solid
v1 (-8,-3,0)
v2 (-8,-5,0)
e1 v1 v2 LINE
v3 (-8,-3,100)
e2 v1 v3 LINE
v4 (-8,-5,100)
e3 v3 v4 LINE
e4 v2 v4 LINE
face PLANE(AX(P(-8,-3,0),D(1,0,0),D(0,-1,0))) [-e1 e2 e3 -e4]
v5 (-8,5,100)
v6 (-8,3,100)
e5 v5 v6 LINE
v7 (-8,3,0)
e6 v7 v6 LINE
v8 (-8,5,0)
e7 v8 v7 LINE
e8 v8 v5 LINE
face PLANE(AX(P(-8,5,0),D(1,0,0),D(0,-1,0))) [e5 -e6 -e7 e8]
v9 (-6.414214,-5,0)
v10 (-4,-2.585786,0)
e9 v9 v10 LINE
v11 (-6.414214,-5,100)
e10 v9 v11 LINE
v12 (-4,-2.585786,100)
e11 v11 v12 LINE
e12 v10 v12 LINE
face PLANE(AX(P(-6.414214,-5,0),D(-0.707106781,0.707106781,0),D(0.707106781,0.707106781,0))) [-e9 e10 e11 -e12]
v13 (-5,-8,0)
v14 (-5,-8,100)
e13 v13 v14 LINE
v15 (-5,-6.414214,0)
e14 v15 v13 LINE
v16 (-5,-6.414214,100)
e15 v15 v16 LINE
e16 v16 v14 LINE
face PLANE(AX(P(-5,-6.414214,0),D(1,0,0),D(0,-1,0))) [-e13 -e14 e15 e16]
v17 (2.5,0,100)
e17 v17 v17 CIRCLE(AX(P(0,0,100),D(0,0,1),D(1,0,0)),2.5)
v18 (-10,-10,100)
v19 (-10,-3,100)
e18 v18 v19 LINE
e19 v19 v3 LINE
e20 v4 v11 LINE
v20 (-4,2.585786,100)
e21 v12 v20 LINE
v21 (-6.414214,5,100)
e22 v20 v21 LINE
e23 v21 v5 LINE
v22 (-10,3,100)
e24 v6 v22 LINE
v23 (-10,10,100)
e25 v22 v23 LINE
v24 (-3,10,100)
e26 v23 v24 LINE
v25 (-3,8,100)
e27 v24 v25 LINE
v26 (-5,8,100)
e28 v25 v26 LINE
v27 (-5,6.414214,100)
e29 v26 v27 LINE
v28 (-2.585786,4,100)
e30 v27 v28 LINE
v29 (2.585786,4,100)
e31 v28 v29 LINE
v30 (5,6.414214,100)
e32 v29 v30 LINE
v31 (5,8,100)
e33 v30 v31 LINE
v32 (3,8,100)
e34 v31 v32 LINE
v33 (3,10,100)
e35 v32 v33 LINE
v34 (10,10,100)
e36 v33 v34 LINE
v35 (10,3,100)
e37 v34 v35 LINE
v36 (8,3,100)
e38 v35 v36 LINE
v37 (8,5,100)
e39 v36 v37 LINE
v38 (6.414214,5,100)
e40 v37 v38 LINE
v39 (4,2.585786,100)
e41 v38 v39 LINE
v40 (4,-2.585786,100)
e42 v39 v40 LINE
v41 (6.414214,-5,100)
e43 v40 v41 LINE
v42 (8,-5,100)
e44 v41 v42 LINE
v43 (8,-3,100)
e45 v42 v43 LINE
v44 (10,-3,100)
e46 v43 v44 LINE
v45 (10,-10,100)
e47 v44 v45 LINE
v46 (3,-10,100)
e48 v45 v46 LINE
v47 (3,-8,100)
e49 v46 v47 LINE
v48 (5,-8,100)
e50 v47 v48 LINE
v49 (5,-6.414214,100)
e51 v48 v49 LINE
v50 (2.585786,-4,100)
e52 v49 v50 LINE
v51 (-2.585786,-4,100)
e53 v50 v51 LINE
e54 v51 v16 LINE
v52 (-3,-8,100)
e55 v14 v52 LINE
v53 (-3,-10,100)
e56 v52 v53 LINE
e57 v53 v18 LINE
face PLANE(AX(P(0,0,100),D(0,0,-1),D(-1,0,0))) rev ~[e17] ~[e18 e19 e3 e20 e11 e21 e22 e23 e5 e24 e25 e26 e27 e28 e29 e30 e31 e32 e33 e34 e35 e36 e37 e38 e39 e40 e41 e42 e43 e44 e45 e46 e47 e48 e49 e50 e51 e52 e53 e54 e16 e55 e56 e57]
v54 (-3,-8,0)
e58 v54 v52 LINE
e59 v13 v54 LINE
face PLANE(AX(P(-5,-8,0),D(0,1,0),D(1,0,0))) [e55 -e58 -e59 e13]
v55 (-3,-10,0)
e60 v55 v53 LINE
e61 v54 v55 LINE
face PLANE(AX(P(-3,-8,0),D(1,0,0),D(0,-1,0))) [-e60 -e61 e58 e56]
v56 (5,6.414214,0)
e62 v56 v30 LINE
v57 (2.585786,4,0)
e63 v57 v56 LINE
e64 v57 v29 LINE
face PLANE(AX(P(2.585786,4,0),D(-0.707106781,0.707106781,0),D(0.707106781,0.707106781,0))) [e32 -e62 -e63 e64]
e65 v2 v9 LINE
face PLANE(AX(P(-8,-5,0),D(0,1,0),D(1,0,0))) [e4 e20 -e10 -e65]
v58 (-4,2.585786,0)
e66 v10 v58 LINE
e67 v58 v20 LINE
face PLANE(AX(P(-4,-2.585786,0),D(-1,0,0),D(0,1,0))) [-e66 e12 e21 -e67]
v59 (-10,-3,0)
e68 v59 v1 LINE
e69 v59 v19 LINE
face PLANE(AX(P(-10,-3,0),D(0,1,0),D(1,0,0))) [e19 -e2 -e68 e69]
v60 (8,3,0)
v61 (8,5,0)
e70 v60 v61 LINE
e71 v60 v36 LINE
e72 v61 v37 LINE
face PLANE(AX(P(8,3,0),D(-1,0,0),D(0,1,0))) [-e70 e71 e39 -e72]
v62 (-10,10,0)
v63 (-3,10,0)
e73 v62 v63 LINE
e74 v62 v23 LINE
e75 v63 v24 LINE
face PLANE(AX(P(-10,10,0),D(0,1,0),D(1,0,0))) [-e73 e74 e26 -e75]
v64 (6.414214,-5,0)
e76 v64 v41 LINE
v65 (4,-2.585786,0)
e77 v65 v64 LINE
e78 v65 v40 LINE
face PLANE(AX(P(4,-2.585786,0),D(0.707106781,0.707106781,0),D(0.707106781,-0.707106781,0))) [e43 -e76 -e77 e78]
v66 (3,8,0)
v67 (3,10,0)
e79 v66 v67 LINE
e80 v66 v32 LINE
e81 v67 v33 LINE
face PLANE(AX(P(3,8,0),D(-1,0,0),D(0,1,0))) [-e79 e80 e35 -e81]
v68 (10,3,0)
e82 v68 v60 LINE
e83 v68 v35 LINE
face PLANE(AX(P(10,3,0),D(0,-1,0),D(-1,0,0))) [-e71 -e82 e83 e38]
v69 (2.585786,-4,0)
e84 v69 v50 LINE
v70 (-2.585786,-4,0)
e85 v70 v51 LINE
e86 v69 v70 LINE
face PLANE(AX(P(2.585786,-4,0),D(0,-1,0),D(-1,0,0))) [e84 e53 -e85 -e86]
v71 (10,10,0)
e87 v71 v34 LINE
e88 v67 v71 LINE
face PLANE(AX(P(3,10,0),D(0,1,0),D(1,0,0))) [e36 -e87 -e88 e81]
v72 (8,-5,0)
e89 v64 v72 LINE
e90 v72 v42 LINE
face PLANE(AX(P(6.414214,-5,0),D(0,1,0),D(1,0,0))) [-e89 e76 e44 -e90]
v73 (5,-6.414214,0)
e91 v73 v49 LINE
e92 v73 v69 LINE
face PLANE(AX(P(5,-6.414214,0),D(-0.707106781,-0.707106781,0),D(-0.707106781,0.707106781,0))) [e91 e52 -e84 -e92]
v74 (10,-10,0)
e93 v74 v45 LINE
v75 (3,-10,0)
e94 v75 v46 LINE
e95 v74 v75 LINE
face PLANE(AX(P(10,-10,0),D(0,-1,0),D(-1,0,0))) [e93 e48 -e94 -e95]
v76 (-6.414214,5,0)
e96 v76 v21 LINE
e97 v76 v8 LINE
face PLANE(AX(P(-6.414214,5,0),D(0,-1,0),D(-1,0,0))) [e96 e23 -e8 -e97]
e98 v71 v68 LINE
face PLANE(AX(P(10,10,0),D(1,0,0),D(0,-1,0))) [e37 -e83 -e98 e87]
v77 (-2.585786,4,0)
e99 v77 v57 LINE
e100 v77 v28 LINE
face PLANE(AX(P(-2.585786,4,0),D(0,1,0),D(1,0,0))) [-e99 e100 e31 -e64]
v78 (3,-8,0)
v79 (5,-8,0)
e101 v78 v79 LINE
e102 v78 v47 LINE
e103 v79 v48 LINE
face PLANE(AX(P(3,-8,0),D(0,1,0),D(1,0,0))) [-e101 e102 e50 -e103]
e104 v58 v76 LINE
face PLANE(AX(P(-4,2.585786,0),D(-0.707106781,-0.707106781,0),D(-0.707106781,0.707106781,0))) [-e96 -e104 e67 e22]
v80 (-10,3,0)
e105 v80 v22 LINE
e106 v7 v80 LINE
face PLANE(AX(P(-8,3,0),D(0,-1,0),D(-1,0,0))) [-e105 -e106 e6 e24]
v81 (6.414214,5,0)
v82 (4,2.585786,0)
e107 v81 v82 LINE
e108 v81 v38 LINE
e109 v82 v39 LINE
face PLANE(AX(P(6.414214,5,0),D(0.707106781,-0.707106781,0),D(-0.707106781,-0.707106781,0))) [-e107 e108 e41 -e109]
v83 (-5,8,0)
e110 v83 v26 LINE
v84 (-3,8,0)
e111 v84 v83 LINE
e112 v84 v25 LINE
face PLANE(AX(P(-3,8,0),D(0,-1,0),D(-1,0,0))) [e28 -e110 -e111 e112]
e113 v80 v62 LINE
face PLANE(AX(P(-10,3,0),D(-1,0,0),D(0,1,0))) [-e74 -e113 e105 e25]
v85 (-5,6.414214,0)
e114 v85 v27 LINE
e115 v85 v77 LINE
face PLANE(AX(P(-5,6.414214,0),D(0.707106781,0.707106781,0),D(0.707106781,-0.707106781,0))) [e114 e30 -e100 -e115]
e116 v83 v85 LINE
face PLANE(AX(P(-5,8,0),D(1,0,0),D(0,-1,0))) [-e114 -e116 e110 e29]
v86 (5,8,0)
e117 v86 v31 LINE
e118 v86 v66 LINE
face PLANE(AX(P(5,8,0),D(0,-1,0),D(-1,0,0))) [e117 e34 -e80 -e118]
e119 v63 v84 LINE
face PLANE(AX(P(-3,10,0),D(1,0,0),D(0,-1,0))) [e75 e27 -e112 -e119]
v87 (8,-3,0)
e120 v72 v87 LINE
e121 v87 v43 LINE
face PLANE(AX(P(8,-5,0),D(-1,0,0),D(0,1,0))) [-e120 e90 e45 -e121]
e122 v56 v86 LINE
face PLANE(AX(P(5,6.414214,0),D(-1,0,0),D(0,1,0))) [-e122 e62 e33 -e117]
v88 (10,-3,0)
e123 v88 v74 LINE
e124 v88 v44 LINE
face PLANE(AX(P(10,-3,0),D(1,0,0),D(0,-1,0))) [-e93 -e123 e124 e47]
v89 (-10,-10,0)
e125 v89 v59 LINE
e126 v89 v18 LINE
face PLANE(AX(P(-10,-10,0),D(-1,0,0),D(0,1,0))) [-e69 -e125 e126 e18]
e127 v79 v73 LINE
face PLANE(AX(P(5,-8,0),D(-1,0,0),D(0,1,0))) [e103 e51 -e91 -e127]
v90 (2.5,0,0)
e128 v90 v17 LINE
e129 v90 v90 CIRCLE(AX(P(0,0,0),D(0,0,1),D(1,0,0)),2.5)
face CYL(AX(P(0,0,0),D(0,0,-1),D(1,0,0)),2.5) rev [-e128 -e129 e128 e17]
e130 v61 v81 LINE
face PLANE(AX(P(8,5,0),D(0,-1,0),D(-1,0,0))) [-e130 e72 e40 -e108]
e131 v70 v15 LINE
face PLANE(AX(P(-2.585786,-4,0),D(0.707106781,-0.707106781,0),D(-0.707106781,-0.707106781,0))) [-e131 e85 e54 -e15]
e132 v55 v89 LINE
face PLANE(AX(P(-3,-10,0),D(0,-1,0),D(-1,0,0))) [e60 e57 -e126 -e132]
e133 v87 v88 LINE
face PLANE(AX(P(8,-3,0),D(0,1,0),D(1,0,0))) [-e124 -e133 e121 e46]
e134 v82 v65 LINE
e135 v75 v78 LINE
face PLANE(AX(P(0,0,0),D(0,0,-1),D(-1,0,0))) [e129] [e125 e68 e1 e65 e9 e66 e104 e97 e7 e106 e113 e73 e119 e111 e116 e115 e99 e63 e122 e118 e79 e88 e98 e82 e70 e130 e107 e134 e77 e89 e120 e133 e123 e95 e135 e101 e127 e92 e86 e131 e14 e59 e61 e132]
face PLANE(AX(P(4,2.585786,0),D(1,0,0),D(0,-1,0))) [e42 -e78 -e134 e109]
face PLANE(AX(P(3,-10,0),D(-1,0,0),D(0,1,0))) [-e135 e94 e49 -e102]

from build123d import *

# Parameters (mm, degrees)
SKETCH_R  = 2.5
PAD_DEPTH = 100


with BuildPart() as part:
    # Sketch → Pad (new body)
    with BuildSketch(Plane.XY):
        Polygon((3, -10), (3, -8), (5, -8), (5, -6.414214), (2.585786, -4), (-2.585786, -4), (-5, -6.414214), (-5, -8), (-3, -8), (-3, -10), (-10, -10), (-10, -3), (-8, -3), (-8, -5), (-6.414214, -5), (-4, -2.585786), (-4, 2.585786), (-6.414214, 5), (-8, 5), (-8, 3), (-10, 3), (-10, 10), (-3, 10), (-3, 8), (-5, 8), (-5, 6.414214), (-2.585786, 4), (2.585786, 4), (5, 6.414214), (5, 8), (3, 8), (3, 10), (10, 10), (10, 3), (8, 3), (8, 5), (6.414214, 5), (4, 2.585786), (4, -2.585786), (6.414214, -5), (8, -5), (8, -3), (10, -3), (10, -10), align=None)
        Circle(SKETCH_R, mode=Mode.SUBTRACT)
    extrude(amount=PAD_DEPTH)


solid = part.part
